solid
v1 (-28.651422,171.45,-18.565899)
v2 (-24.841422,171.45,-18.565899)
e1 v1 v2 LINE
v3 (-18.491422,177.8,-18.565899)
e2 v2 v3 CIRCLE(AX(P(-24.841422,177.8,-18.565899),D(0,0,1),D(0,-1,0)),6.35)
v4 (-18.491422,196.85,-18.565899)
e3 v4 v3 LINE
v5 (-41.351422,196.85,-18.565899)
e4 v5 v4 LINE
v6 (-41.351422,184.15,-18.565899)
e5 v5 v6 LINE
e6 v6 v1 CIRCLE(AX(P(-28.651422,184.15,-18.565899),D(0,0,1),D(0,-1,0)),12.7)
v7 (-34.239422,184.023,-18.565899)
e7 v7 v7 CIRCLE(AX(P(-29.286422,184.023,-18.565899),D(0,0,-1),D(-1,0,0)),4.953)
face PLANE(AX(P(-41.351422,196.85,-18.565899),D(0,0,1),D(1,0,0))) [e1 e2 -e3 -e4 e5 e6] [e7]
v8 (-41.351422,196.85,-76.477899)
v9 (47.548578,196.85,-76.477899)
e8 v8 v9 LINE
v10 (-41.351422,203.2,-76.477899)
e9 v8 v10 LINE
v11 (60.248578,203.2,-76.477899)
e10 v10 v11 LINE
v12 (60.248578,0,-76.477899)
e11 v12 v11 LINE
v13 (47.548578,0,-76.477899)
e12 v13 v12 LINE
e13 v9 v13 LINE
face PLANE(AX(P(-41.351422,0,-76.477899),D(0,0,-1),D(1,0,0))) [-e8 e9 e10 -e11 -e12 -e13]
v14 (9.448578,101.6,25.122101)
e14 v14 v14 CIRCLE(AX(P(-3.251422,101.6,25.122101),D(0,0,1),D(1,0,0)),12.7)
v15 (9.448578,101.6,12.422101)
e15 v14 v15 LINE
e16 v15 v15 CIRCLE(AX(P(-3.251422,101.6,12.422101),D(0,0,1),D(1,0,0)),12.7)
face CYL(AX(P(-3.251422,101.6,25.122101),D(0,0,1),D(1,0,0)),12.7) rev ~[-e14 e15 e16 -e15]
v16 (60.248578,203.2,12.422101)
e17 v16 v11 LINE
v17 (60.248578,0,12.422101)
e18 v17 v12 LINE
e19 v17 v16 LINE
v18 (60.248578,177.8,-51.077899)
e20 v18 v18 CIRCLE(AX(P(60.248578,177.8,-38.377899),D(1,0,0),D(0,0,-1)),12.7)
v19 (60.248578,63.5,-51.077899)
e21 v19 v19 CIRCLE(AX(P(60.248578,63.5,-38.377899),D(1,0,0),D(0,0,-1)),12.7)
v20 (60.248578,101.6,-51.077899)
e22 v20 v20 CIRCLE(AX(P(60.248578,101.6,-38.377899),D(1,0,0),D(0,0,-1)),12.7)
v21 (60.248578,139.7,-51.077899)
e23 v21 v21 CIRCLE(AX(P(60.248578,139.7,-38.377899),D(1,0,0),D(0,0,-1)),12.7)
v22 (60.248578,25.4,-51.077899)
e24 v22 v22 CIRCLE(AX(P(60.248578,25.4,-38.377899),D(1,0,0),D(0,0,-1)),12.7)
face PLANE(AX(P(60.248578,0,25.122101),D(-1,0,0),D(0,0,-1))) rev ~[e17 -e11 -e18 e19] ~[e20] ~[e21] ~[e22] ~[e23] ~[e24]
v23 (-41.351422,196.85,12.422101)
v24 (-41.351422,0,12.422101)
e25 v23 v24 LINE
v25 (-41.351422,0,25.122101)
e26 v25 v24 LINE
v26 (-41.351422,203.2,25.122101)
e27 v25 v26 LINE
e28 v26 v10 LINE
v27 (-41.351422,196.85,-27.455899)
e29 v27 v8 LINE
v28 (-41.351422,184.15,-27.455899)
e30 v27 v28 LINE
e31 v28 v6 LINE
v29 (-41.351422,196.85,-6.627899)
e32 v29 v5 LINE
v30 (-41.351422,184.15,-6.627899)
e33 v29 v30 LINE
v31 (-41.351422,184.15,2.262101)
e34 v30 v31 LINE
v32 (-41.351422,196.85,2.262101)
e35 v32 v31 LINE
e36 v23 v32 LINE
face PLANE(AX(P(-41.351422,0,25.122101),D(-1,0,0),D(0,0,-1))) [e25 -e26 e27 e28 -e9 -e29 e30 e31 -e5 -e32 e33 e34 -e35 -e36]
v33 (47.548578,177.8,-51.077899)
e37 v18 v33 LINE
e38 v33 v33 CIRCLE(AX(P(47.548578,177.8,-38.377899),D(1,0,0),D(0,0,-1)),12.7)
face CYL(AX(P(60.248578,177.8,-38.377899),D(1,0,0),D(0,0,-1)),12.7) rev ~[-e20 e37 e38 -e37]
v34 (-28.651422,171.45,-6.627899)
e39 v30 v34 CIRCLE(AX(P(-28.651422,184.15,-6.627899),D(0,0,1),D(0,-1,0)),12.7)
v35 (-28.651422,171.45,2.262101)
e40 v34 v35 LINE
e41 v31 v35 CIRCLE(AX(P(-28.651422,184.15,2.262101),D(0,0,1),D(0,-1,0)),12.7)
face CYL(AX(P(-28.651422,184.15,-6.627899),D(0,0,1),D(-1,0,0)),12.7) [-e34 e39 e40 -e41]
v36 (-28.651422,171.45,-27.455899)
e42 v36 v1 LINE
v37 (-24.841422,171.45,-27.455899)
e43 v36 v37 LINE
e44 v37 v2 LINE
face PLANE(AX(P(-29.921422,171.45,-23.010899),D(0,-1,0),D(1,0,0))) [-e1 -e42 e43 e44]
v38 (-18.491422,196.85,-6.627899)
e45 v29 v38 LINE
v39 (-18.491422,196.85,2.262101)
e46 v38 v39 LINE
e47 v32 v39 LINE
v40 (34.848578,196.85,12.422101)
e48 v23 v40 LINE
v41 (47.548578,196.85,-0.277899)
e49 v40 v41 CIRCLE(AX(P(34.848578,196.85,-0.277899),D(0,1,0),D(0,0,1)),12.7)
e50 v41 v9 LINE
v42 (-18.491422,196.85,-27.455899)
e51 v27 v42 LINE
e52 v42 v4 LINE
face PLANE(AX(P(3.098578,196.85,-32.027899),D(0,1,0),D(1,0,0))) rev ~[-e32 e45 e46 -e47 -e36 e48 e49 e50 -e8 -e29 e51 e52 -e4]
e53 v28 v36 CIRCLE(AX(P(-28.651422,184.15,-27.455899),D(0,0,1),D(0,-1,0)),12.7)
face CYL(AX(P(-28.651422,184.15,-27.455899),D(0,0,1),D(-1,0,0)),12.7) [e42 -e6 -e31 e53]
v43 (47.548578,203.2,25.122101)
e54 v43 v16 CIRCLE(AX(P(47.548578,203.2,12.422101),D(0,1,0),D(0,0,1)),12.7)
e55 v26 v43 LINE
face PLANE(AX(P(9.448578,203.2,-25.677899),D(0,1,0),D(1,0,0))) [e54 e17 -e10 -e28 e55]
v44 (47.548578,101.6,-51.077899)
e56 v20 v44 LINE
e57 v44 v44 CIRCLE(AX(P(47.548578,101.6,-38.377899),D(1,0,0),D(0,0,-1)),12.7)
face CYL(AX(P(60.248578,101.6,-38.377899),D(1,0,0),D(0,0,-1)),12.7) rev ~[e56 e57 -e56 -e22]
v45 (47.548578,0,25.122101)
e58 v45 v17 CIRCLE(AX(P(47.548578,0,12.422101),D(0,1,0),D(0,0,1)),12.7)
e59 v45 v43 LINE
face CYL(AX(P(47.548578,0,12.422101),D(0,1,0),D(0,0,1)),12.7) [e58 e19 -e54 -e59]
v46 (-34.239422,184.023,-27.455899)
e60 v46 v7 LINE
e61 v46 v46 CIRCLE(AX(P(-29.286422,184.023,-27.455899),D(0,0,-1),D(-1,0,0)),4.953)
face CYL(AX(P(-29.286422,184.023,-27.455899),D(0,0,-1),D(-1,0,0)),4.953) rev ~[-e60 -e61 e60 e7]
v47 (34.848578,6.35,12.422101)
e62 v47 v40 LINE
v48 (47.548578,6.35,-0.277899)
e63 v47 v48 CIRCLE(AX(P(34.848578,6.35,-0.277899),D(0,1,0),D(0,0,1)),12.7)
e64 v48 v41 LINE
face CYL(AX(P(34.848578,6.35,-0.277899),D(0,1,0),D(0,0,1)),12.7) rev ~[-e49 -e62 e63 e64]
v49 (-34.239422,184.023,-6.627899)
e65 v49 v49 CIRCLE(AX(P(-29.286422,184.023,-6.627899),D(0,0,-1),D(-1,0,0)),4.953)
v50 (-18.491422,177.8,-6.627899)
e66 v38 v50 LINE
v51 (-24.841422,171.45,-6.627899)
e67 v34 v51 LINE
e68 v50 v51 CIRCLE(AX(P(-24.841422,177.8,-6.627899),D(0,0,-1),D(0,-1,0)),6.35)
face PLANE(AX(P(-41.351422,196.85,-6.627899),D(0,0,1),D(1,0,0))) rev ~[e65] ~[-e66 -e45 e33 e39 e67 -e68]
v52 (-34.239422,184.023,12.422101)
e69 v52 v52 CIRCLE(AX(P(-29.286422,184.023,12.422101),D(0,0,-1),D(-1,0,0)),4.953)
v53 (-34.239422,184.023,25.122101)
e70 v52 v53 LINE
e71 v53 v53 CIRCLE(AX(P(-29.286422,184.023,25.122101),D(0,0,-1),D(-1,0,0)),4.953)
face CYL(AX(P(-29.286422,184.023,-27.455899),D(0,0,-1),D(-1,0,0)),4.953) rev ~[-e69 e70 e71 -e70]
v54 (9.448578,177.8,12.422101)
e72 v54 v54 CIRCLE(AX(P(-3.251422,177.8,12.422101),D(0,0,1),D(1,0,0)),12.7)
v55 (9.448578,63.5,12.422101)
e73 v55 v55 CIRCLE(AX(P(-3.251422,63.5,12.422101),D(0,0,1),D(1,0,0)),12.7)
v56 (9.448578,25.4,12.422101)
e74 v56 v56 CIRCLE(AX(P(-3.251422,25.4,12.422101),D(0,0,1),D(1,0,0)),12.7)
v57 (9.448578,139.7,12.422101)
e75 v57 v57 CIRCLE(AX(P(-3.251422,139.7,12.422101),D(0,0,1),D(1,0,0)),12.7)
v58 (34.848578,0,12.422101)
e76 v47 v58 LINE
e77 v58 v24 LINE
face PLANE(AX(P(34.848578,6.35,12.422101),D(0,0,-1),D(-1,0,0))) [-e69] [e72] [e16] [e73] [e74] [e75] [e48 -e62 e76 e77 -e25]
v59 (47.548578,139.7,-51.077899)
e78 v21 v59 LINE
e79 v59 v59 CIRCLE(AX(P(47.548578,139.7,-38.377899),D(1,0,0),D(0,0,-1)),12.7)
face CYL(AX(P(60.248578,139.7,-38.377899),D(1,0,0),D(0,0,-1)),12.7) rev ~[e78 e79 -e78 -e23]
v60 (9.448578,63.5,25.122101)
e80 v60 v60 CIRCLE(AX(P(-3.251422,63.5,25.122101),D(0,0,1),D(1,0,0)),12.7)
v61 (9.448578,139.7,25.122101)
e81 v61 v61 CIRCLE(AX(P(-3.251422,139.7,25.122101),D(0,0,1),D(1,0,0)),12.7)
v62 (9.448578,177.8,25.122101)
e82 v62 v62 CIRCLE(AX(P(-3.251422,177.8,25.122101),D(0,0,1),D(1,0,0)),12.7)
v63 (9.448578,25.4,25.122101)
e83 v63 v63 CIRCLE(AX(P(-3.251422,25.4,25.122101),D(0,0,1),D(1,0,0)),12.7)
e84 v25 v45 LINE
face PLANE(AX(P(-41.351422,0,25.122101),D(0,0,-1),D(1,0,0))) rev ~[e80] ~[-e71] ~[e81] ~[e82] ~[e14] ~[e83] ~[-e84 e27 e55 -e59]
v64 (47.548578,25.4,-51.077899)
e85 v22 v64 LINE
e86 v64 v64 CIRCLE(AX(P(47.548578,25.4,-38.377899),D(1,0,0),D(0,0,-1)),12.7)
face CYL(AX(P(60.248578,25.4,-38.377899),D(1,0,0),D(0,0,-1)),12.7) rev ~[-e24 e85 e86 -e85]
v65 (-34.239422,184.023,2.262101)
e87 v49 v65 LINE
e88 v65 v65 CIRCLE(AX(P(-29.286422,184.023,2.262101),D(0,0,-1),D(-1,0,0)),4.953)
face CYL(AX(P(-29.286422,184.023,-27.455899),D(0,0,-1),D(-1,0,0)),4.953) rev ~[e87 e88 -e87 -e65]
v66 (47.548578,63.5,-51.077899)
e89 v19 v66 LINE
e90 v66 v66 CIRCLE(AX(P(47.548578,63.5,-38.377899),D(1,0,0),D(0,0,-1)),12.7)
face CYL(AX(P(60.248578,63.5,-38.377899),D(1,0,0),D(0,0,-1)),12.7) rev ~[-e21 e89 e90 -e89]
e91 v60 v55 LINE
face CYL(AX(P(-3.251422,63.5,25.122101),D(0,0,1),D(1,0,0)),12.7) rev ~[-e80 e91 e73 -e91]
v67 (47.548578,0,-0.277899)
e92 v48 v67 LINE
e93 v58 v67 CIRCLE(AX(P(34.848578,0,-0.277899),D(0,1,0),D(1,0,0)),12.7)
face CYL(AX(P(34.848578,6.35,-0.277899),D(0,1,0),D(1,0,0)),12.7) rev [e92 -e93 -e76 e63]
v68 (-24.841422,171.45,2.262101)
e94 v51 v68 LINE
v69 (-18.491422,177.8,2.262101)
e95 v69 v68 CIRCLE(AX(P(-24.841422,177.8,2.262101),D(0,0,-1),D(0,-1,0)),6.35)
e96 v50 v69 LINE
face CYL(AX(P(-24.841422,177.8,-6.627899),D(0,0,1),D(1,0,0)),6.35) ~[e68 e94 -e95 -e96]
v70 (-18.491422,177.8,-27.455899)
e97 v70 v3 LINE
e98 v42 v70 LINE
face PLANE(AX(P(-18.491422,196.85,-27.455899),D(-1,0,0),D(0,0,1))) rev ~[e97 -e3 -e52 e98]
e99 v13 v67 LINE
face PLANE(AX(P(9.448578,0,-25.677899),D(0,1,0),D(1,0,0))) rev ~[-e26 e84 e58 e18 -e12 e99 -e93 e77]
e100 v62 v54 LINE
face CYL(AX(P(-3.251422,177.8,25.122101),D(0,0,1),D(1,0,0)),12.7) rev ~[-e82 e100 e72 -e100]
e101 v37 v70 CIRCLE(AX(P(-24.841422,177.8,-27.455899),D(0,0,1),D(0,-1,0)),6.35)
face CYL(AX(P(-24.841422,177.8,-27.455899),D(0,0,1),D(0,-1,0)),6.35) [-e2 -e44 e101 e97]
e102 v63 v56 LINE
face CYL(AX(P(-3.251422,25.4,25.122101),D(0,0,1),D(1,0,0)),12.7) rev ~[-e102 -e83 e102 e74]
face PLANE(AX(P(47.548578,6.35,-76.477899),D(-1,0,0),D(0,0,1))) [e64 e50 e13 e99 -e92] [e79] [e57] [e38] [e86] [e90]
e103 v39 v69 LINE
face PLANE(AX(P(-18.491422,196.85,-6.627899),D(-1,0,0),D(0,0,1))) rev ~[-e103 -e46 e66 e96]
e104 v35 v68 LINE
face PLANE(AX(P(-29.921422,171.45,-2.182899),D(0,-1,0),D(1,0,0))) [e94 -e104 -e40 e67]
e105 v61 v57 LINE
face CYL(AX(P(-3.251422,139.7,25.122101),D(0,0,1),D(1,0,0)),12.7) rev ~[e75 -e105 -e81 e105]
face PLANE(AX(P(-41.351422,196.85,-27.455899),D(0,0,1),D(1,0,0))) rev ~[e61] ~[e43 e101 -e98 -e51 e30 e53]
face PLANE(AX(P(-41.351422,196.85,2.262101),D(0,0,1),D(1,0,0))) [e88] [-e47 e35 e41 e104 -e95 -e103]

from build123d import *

# Parameters (mm, degrees)
SKETCH2_W               = 101.6
SKETCH2_H               = 101.6
BOSS_EXTRUDE1_DEPTH     = 203.2
SKETCH4_W               = 88.9
SKETCH4_H               = 88.9
CUT_EXTRUDE1_DEPTH      = 95.25
FILLET1_R               = 12.7
SKETCH5_R               = 12.7
CUT_EXTRUDE2_DEPTH      = 102.6
SKETCH6_R               = 12.7
CUT_EXTRUDE3_DEPTH      = 102.6
CUT_EXTRUDE4_DEPTH      = 7.35
SKETCH31_W              = 22.86
SKETCH31_H              = 8.89
BOSS_EXTRUDE2_DEPTH     = 25.4
FILLET5_R               = 12.7
FILLET6_R               = 6.35
SKETCH38_R              = 4.953
CUT_EXTRUDE7_DEPTH      = 50.022
CUT_EXTRUDE7_DEPTH_BACK = 53.578


with BuildPart() as part:
    # Sketch2 → Boss-Extrude1 (new body)
    with BuildSketch(Plane(origin=(0, 0, 0), x_dir=(1, 0, 0), z_dir=(0, 1, 0))):
        with Locations((9.448577681, 25.677899344)):
            Rectangle(SKETCH2_W, SKETCH2_H)
    extrude(amount=BOSS_EXTRUDE1_DEPTH)

    # Sketch4 → Cut-Extrude1 (cut, symmetric)
    with BuildSketch(Plane(origin=(0, 101.6, 0), x_dir=(1, 0, 0), z_dir=(0, 1, 0))):
        with Locations((3.098577681, 32.027899344)):
            Rectangle(SKETCH4_W, SKETCH4_H)
    extrude(amount=CUT_EXTRUDE1_DEPTH, both=True, mode=Mode.SUBTRACT)

    # Fillet1
    fillet1_edges = [part.edges().sort_by_distance(p)[0] for p in [
        (47.548577681, 101.6, 12.422100656),
        (60.248577681, 101.6, 25.122100656),
    ]]
    fillet(fillet1_edges, radius=FILLET1_R)

    # Sketch5 → Cut-Extrude2 (cut, through all)
    with BuildSketch(Plane.XY.offset(25.122100656)):
        with Locations((-3.251422319, 177.8)):
            Circle(SKETCH5_R)
        with Locations((-3.251422319, 139.7)):
            Circle(SKETCH5_R)
        with Locations((-3.251422319, 101.6)):
            Circle(SKETCH5_R)
        with Locations((-3.251422319, 63.5)):
            Circle(SKETCH5_R)
        with Locations((-3.251422319, 25.4)):
            Circle(SKETCH5_R)
    extrude(amount=-CUT_EXTRUDE2_DEPTH, mode=Mode.SUBTRACT)

    # Sketch6 → Cut-Extrude3 (cut, through all)
    with BuildSketch(Plane(origin=(60.248577681, 0, 0), x_dir=(0, 0, -1), z_dir=(1, 0, 0))):
        with Locations((38.377899344, 177.8)):
            Circle(SKETCH6_R)
        with Locations((38.377899344, 139.7)):
            Circle(SKETCH6_R)
        with Locations((38.377899344, 101.6)):
            Circle(SKETCH6_R)
        with Locations((38.377899344, 63.5)):
            Circle(SKETCH6_R)
        with Locations((38.377899344, 25.4)):
            Circle(SKETCH6_R)
    extrude(amount=-CUT_EXTRUDE3_DEPTH, mode=Mode.SUBTRACT)

    # Sketch7 → Cut-Extrude4 (cut, through all)
    with BuildSketch(Plane(origin=(0, 6.35, 0), x_dir=(1, 0, 0), z_dir=(0, 1, 0))):
        with BuildLine():
            Line((-41.351422319, 76.477899344), (47.548577681, 76.477899344))
            Line((47.548577681, 76.477899344), (47.548577681, 0.277899344))
            ThreePointArc((47.548577681, 0.277899344), (43.828833802, -8.702356778), (34.848577681, -12.422100656))
            Line((34.848577681, -12.422100656), (-41.351422319, -12.422100656))
            Line((-41.351422319, -12.422100656), (-41.351422319, 76.477899344))
        make_face()
    extrude(amount=-CUT_EXTRUDE4_DEPTH, mode=Mode.SUBTRACT)

    # Sketch31 → Boss-Extrude2 (add)
    with BuildSketch(Plane.XZ.offset(-196.85)):
        with Locations((-29.921422319, -2.182899344)):
            Rectangle(SKETCH31_W, SKETCH31_H)
        with Locations((-29.921422319, -23.010899344)):
            Rectangle(SKETCH31_W, SKETCH31_H)
    extrude(amount=BOSS_EXTRUDE2_DEPTH)

    # Fillet5
    fillet5_edges = [part.edges().sort_by_distance(p)[0] for p in [
        (-41.351422319, 171.45, -2.182899344),
        (-41.351422319, 171.45, -23.010899344),
    ]]
    fillet(fillet5_edges, radius=FILLET5_R)

    # Fillet6
    fillet6_edges = [part.edges().sort_by_distance(p)[0] for p in [
        (-18.491422319, 171.45, -2.182899344),
        (-18.491422319, 171.45, -23.010899344),
    ]]
    fillet(fillet6_edges, radius=FILLET6_R)

    # Sketch38 → Cut-Extrude7 (cut, two sides)
    with BuildSketch(Plane(origin=(0, 0, -27.455899344), x_dir=(-1, 0, 0), z_dir=(0, 0, -1))) as cut_extrude7_sk:
        with Locations((29.286422319, 184.023)):
            Circle(SKETCH38_R)
    extrude(amount=CUT_EXTRUDE7_DEPTH, mode=Mode.SUBTRACT)
    extrude(cut_extrude7_sk.sketch, amount=-CUT_EXTRUDE7_DEPTH_BACK, mode=Mode.SUBTRACT)


solid = part.part
